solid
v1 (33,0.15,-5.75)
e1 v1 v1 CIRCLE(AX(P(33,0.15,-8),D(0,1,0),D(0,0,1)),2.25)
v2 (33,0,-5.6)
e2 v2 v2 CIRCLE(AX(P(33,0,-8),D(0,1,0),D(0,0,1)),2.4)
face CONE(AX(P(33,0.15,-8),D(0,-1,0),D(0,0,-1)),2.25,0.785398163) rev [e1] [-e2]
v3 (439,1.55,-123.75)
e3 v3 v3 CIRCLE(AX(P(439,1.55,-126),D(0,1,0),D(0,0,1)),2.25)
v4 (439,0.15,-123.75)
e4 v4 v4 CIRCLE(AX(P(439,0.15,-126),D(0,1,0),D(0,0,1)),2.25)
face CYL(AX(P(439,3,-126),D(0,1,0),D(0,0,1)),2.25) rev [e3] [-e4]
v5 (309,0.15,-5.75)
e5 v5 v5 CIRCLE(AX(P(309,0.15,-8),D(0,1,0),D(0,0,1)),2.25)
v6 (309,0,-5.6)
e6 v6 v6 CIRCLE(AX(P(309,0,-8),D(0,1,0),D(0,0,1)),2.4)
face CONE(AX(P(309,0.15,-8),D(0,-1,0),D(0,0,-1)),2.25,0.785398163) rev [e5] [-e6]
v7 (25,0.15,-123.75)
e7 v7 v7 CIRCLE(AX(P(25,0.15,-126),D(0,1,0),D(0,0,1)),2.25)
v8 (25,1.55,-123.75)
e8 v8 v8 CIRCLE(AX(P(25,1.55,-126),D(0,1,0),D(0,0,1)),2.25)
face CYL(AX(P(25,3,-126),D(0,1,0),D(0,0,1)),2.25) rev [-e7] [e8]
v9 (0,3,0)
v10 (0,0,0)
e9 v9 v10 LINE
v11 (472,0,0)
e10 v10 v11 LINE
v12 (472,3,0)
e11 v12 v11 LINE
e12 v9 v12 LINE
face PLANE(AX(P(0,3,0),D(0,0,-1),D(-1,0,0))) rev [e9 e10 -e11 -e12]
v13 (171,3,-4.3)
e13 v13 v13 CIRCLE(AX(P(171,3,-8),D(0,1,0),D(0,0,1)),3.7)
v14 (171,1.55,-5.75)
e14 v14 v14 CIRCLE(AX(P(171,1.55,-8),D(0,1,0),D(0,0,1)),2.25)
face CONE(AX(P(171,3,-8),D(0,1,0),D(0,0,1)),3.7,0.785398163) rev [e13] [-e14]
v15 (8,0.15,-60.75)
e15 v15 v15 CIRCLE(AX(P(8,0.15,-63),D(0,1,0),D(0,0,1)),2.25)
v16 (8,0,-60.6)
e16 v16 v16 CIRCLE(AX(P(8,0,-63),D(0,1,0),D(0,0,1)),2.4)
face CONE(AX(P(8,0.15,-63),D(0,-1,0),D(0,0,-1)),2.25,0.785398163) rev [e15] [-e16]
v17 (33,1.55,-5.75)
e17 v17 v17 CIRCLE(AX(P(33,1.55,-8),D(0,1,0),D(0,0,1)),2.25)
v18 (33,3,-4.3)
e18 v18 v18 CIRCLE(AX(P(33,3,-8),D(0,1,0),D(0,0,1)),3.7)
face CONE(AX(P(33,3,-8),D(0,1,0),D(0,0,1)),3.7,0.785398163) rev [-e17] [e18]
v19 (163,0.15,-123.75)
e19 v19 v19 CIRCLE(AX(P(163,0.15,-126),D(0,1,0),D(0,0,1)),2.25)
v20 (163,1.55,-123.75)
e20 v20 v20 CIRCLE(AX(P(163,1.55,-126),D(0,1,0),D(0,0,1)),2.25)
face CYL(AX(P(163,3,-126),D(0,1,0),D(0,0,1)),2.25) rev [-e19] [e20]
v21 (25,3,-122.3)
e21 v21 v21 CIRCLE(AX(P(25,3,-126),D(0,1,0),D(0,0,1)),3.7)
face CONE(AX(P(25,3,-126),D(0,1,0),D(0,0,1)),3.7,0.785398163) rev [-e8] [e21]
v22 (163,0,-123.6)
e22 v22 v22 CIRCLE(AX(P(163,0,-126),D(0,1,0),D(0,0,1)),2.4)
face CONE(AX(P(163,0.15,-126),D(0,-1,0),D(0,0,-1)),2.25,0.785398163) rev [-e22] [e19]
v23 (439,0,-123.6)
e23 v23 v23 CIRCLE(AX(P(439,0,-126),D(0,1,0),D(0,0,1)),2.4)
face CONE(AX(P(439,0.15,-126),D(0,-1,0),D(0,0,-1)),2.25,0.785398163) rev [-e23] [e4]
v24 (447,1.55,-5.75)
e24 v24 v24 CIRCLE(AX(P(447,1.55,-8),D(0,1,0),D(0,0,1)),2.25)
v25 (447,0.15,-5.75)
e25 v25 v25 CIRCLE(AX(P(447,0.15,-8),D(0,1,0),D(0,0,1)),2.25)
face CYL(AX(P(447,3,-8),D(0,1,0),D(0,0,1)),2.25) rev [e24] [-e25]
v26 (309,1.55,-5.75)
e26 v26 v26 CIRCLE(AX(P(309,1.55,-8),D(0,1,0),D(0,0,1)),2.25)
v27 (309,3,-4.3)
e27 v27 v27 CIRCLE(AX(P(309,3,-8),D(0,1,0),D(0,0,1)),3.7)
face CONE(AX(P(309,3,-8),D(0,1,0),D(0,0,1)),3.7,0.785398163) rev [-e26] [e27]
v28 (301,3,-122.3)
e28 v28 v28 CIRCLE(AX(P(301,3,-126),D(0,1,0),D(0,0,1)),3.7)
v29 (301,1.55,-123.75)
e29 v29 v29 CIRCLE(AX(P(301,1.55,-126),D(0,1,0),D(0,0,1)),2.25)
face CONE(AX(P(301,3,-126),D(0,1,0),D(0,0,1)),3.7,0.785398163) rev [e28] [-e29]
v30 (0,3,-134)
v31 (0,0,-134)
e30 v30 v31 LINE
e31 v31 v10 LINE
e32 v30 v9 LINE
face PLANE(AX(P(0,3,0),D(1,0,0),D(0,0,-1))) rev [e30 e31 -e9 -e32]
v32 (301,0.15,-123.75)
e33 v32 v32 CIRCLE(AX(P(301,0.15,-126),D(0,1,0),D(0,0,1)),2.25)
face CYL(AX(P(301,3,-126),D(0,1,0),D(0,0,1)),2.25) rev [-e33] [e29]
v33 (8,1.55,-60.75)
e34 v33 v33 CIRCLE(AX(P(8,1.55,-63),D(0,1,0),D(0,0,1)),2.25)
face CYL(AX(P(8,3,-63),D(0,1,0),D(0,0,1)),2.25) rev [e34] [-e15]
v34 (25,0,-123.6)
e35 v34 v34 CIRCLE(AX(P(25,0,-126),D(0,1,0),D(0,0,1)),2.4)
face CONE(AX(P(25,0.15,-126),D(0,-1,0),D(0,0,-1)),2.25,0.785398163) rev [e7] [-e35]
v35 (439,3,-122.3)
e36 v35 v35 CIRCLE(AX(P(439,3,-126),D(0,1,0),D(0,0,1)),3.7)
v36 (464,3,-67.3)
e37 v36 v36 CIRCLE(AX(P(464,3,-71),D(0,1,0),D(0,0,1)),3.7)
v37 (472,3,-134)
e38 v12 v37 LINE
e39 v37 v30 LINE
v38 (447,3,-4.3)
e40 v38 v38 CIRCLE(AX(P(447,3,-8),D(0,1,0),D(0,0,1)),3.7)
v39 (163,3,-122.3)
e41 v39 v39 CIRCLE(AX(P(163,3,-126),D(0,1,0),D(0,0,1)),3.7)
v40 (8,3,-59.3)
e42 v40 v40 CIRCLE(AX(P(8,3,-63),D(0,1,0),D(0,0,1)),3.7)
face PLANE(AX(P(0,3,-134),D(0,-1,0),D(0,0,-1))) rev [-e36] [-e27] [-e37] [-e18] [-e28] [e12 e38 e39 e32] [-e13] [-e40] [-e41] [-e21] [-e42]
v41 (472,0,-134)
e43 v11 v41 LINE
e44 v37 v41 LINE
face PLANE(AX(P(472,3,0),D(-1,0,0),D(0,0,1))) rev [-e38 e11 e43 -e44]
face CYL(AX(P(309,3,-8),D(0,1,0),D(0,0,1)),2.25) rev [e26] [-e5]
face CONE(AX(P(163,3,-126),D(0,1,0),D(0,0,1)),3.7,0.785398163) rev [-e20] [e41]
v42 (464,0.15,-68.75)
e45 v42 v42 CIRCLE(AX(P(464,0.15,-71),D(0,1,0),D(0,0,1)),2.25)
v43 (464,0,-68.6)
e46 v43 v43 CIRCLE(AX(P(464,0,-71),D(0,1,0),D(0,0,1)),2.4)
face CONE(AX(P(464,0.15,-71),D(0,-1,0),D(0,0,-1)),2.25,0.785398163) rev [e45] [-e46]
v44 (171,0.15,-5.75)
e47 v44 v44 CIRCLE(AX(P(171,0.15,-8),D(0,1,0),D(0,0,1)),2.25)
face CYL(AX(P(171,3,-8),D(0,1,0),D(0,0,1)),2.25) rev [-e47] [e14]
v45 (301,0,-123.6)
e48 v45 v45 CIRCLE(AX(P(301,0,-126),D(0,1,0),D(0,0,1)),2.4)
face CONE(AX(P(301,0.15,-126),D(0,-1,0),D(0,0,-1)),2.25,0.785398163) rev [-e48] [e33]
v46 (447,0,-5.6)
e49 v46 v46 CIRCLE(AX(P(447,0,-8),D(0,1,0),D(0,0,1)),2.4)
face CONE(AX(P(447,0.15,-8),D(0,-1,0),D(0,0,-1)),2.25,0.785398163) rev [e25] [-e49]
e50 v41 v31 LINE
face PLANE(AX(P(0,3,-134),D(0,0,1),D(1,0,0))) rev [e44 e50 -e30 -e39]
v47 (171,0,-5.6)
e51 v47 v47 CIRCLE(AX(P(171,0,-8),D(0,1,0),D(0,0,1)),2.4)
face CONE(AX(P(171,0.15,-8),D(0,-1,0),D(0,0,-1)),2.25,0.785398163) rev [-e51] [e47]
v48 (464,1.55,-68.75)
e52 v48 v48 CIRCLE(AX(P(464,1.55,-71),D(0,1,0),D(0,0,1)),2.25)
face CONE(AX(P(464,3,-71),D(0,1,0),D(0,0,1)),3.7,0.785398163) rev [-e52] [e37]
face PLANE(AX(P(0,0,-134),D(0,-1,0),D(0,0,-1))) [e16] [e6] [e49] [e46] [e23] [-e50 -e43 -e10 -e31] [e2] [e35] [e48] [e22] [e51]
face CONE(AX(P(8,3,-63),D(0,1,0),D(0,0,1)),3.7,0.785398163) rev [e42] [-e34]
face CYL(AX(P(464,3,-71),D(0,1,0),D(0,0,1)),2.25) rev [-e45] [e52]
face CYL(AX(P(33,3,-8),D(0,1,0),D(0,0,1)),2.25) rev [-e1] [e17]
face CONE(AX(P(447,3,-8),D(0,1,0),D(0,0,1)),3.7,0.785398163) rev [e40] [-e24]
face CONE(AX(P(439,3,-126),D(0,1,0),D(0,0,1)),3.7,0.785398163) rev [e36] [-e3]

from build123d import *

# Parameters (mm, degrees)
SKETCH_2_W                  = 472
SKETCH_2_H                  = 134
EXTRUDE_1_DEPTH             = 3
HOLE_WIZARD_M41_AT_2_COUNT  = 2
HOLE_WIZARD_M41_AT_2_PITCH  = 138
HOLE_WIZARD_M41_AT_3_COUNT  = 2
HOLE_WIZARD_M41_AT_3_PITCH  = 276
HOLE_WIZARD_M41_AT_4_COUNT  = 2
HOLE_WIZARD_M41_AT_4_PITCH  = 414
HOLE_WIZARD_M41_AT_5_COUNT  = 2
HOLE_WIZARD_M41_AT_5_PITCH  = 442.431915666
HOLE_WIZARD_M41_AT_6_COUNT  = 2
HOLE_WIZARD_M41_AT_6_PITCH  = 438.187174618
HOLE_WIZARD_M41_AT_7_COUNT  = 2
HOLE_WIZARD_M41_AT_7_PITCH  = 307.538615462
HOLE_WIZARD_M41_AT_8_COUNT  = 2
HOLE_WIZARD_M41_AT_8_PITCH  = 187.723200484
HOLE_WIZARD_M41_AT_9_COUNT  = 2
HOLE_WIZARD_M41_AT_9_PITCH  = 118.270875536
HOLE_WIZARD_M41_AT_10_COUNT = 2
HOLE_WIZARD_M41_AT_10_PITCH = 65.253352404


with BuildPart() as part:
    # Эскиз2 → Бобышка-Вытянуть1 (new body)
    with BuildSketch(Plane(origin=(0, 0, 0), x_dir=(1, 0, 0), z_dir=(0, 1, 0))):
        with Locations((236, 67)):
            Rectangle(SKETCH_2_W, SKETCH_2_H)
    extrude(amount=EXTRUDE_1_DEPTH)

    # Эскиз3 → Зенковка для винта с потайной головкой M41 (revolve, cut)
    with BuildSketch(Plane(origin=(25, 3, -126), x_dir=(0, 0, 1), z_dir=(1, 0, 0))):
        Polygon((0, 0), (0, 3), (2.4, 3), (2.25, 2.85), (2.25, 1.45), (3.7, 0), align=None)
    hole_wizard_m41 = revolve(axis=Axis((25, 9.35, -126), (0, -1, 0)), mode=Mode.SUBTRACT)

    # Зенковка для винта с потайной головкой M41 at 2: Зенковка для винта с потайной головкой M41 ×2
    with Locations(*[(i * HOLE_WIZARD_M41_AT_2_PITCH, 0, 0) for i in range(1, HOLE_WIZARD_M41_AT_2_COUNT)]):
        add(hole_wizard_m41, mode=Mode.SUBTRACT)

    # Зенковка для винта с потайной головкой M41 at 3: Зенковка для винта с потайной головкой M41 ×2
    with Locations(*[(i * HOLE_WIZARD_M41_AT_3_PITCH, 0, 0) for i in range(1, HOLE_WIZARD_M41_AT_3_COUNT)]):
        add(hole_wizard_m41, mode=Mode.SUBTRACT)

    # Зенковка для винта с потайной головкой M41 at 4: Зенковка для винта с потайной головкой M41 ×2
    with Locations(*[(i * HOLE_WIZARD_M41_AT_4_PITCH, 0, 0) for i in range(1, HOLE_WIZARD_M41_AT_4_COUNT)]):
        add(hole_wizard_m41, mode=Mode.SUBTRACT)

    # Зенковка для винта с потайной головкой M41 at 5: Зенковка для винта с потайной головкой M41 ×2
    with Locations(*[Vector(0.992243065, 0, 0.124312912) * (i * HOLE_WIZARD_M41_AT_5_PITCH) for i in range(1, HOLE_WIZARD_M41_AT_5_COUNT)]):
        add(hole_wizard_m41, mode=Mode.SUBTRACT)

    # Зенковка для винта с потайной головкой M41 at 6: Зенковка для винта с потайной головкой M41 ×2
    with Locations(*[Vector(0.963058767, 0, 0.269291314) * (i * HOLE_WIZARD_M41_AT_6_PITCH) for i in range(1, HOLE_WIZARD_M41_AT_6_COUNT)]):
        add(hole_wizard_m41, mode=Mode.SUBTRACT)

    # Зенковка для винта с потайной головкой M41 at 7: Зенковка для винта с потайной головкой M41 ×2
    with Locations(*[Vector(0.923461269, 0, 0.383691654) * (i * HOLE_WIZARD_M41_AT_7_PITCH) for i in range(1, HOLE_WIZARD_M41_AT_7_COUNT)]):
        add(hole_wizard_m41, mode=Mode.SUBTRACT)

    # Зенковка для винта с потайной головкой M41 at 8: Зенковка для винта с потайной головкой M41 ×2
    with Locations(*[Vector(0.777740842, 0, 0.628585064) * (i * HOLE_WIZARD_M41_AT_8_PITCH) for i in range(1, HOLE_WIZARD_M41_AT_8_COUNT)]):
        add(hole_wizard_m41, mode=Mode.SUBTRACT)

    # Зенковка для винта с потайной головкой M41 at 9: Зенковка для винта с потайной головкой M41 ×2
    with Locations(*[Vector(0.067641336, 0, 0.997709702) * (i * HOLE_WIZARD_M41_AT_9_PITCH) for i in range(1, HOLE_WIZARD_M41_AT_9_COUNT)]):
        add(hole_wizard_m41, mode=Mode.SUBTRACT)

    # Зенковка для винта с потайной головкой M41 at 10: Зенковка для винта с потайной головкой M41 ×2
    with Locations(*[Vector(-0.260523013, 0, 0.965467638) * (i * HOLE_WIZARD_M41_AT_10_PITCH) for i in range(1, HOLE_WIZARD_M41_AT_10_COUNT)]):
        add(hole_wizard_m41, mode=Mode.SUBTRACT)


solid = part.part
